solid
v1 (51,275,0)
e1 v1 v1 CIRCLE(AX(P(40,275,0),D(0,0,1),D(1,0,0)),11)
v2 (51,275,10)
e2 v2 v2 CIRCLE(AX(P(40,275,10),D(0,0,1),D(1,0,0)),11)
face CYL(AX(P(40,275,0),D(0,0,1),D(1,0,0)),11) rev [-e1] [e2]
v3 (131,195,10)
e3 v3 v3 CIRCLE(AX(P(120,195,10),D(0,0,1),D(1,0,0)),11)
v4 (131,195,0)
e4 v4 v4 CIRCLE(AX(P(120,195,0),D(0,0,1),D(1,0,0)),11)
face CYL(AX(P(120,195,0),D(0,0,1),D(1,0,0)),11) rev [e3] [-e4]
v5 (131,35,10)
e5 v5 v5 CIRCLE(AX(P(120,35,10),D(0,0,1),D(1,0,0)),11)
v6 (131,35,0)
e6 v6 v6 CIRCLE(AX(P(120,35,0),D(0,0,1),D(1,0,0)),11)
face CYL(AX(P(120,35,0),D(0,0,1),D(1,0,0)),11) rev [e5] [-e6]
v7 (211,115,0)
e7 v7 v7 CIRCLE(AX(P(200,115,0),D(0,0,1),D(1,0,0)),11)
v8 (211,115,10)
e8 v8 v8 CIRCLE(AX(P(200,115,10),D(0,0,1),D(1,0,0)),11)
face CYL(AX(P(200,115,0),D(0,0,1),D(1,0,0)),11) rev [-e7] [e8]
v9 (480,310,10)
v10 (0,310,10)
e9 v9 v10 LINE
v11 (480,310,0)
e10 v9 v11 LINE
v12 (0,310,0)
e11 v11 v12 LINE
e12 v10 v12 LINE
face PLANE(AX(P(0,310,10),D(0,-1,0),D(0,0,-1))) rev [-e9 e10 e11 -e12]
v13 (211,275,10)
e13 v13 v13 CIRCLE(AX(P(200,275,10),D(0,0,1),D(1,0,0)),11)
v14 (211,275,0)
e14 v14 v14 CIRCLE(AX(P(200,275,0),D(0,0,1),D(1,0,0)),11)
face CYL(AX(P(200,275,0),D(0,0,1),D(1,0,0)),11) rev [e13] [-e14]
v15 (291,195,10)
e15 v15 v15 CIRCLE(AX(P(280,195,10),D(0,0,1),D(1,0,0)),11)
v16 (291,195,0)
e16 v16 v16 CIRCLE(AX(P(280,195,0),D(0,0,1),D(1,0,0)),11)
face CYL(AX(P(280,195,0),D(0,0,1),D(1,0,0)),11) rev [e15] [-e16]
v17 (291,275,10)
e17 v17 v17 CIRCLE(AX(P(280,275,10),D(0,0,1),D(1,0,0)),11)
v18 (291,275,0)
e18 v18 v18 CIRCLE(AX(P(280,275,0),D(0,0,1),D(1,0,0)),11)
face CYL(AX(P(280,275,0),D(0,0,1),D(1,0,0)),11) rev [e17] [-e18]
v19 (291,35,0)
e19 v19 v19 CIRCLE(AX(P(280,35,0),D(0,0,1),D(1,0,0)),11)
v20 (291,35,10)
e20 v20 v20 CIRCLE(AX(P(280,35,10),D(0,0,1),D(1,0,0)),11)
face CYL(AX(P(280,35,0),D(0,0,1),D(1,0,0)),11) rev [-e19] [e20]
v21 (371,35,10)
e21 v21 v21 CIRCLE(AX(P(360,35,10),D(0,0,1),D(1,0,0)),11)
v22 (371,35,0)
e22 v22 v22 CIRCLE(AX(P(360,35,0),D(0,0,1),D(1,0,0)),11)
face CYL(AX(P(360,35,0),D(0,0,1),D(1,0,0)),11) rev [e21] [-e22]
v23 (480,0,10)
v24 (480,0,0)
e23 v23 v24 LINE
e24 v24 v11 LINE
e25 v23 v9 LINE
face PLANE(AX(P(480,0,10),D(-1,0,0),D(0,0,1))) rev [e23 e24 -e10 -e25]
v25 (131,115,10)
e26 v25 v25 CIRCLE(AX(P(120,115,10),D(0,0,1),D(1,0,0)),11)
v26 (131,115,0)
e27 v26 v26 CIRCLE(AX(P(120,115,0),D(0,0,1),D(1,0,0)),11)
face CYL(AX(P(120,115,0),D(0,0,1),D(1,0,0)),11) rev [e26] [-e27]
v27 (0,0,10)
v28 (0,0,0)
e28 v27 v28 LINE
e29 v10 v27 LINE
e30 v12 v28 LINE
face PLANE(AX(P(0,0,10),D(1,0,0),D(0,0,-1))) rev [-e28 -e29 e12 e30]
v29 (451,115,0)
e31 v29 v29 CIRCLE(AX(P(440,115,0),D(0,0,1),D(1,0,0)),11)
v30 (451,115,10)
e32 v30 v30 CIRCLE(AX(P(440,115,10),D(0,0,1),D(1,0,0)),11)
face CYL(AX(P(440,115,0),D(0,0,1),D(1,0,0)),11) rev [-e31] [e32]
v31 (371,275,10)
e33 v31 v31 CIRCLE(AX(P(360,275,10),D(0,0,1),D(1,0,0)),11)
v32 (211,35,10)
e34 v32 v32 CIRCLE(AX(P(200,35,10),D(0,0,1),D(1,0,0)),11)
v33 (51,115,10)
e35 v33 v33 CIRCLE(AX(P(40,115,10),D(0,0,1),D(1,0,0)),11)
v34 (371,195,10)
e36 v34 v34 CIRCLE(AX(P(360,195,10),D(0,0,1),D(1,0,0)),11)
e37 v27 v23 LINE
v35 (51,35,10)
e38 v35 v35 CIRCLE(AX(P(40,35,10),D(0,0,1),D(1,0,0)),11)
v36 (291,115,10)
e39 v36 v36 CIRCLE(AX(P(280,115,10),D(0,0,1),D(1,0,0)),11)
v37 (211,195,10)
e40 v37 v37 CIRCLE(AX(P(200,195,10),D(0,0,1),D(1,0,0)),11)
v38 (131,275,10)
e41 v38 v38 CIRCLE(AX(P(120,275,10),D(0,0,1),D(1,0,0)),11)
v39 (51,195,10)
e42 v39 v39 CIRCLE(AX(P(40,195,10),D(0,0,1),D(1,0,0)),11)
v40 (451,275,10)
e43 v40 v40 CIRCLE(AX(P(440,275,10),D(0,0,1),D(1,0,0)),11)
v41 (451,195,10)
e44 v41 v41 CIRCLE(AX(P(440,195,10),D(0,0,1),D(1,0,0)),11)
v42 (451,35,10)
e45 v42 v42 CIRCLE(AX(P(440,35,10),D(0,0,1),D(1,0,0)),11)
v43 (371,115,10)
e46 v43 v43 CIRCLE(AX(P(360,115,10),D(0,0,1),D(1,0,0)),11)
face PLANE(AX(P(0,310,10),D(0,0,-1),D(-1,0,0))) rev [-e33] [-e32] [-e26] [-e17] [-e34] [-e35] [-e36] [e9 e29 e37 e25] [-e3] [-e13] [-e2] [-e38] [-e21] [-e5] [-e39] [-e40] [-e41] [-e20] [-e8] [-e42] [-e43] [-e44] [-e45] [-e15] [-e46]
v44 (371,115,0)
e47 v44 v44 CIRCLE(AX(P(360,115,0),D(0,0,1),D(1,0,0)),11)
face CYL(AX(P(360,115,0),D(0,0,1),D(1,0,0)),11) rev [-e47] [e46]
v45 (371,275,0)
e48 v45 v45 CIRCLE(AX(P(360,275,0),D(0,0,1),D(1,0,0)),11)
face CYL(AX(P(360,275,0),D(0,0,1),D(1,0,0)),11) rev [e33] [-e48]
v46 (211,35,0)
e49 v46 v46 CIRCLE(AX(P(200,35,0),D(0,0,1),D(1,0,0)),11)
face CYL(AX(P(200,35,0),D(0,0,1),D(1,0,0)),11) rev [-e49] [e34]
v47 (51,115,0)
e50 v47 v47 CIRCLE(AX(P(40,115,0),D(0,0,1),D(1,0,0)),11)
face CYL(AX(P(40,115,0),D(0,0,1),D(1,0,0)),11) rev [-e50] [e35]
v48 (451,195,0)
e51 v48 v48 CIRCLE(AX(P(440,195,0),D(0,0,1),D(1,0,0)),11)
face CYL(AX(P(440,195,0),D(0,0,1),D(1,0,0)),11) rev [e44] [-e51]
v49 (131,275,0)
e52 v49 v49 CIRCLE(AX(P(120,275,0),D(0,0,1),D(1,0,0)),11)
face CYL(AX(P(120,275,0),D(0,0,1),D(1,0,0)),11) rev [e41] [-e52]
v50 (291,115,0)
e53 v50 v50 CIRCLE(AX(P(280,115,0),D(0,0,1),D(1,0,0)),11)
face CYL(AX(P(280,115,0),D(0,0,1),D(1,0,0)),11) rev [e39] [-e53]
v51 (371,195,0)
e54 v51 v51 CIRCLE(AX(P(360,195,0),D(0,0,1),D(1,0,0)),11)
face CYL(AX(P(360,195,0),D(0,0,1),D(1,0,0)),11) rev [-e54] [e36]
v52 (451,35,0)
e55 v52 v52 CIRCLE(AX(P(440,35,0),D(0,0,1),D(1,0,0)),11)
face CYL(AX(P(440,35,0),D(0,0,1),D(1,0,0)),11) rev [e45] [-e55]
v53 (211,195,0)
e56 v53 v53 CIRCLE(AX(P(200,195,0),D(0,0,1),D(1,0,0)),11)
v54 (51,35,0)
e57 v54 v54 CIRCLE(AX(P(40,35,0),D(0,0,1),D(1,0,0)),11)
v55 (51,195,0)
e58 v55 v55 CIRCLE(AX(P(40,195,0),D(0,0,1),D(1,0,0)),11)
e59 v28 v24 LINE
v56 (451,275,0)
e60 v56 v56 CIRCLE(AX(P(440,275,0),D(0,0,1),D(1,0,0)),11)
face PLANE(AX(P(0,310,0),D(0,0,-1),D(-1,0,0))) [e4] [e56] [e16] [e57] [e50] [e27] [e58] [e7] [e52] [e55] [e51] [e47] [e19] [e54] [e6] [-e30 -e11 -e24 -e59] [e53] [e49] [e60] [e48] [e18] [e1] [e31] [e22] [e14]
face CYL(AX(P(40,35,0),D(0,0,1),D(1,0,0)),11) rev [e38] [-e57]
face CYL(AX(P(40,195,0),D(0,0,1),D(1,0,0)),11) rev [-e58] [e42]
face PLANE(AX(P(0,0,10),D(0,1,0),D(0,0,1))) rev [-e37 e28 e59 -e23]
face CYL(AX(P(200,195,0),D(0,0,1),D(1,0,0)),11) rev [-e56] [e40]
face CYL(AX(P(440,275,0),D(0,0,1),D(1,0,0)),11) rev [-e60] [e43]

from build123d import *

# Parameters (mm, degrees)
SKETCH_1_W                  = 480
SKETCH_1_H                  = 310
EXTRUDE_1_DEPTH             = 10
SKETCH_2_R                  = 11
CUT_EXTRUDE_1_DEPTH         = 572.489282489
PATTERN_LINEAR_1_COUNT      = 6
PATTERN_LINEAR_1_PITCH      = 80
PATTERN_LINEAR_1_COUNT_DIR2 = 4
PATTERN_LINEAR_1_PITCH_DIR2 = 80


with BuildPart() as part:
    # 草图1 → 拉伸1 (new body)
    with BuildSketch(Plane.XY):
        with Locations((240, 155)):
            Rectangle(SKETCH_1_W, SKETCH_1_H)
    extrude(amount=EXTRUDE_1_DEPTH)

    # 草图2 → 切除-拉伸1 (cut, through all)
    with BuildSketch(Plane.XY.offset(10)):
        with Locations((40, 35)):
            Circle(SKETCH_2_R)
    cut_extrude_1 = extrude(amount=-CUT_EXTRUDE_1_DEPTH, mode=Mode.SUBTRACT)

    # 阵列(线性)1: Cut-Extrude 1 6 × 4
    with Locations(*[(i * PATTERN_LINEAR_1_PITCH, j * PATTERN_LINEAR_1_PITCH_DIR2, 0) for i in range(PATTERN_LINEAR_1_COUNT) for j in range(PATTERN_LINEAR_1_COUNT_DIR2) if (i, j) != (0, 0)]):
        add(cut_extrude_1, mode=Mode.SUBTRACT)


solid = part.part
